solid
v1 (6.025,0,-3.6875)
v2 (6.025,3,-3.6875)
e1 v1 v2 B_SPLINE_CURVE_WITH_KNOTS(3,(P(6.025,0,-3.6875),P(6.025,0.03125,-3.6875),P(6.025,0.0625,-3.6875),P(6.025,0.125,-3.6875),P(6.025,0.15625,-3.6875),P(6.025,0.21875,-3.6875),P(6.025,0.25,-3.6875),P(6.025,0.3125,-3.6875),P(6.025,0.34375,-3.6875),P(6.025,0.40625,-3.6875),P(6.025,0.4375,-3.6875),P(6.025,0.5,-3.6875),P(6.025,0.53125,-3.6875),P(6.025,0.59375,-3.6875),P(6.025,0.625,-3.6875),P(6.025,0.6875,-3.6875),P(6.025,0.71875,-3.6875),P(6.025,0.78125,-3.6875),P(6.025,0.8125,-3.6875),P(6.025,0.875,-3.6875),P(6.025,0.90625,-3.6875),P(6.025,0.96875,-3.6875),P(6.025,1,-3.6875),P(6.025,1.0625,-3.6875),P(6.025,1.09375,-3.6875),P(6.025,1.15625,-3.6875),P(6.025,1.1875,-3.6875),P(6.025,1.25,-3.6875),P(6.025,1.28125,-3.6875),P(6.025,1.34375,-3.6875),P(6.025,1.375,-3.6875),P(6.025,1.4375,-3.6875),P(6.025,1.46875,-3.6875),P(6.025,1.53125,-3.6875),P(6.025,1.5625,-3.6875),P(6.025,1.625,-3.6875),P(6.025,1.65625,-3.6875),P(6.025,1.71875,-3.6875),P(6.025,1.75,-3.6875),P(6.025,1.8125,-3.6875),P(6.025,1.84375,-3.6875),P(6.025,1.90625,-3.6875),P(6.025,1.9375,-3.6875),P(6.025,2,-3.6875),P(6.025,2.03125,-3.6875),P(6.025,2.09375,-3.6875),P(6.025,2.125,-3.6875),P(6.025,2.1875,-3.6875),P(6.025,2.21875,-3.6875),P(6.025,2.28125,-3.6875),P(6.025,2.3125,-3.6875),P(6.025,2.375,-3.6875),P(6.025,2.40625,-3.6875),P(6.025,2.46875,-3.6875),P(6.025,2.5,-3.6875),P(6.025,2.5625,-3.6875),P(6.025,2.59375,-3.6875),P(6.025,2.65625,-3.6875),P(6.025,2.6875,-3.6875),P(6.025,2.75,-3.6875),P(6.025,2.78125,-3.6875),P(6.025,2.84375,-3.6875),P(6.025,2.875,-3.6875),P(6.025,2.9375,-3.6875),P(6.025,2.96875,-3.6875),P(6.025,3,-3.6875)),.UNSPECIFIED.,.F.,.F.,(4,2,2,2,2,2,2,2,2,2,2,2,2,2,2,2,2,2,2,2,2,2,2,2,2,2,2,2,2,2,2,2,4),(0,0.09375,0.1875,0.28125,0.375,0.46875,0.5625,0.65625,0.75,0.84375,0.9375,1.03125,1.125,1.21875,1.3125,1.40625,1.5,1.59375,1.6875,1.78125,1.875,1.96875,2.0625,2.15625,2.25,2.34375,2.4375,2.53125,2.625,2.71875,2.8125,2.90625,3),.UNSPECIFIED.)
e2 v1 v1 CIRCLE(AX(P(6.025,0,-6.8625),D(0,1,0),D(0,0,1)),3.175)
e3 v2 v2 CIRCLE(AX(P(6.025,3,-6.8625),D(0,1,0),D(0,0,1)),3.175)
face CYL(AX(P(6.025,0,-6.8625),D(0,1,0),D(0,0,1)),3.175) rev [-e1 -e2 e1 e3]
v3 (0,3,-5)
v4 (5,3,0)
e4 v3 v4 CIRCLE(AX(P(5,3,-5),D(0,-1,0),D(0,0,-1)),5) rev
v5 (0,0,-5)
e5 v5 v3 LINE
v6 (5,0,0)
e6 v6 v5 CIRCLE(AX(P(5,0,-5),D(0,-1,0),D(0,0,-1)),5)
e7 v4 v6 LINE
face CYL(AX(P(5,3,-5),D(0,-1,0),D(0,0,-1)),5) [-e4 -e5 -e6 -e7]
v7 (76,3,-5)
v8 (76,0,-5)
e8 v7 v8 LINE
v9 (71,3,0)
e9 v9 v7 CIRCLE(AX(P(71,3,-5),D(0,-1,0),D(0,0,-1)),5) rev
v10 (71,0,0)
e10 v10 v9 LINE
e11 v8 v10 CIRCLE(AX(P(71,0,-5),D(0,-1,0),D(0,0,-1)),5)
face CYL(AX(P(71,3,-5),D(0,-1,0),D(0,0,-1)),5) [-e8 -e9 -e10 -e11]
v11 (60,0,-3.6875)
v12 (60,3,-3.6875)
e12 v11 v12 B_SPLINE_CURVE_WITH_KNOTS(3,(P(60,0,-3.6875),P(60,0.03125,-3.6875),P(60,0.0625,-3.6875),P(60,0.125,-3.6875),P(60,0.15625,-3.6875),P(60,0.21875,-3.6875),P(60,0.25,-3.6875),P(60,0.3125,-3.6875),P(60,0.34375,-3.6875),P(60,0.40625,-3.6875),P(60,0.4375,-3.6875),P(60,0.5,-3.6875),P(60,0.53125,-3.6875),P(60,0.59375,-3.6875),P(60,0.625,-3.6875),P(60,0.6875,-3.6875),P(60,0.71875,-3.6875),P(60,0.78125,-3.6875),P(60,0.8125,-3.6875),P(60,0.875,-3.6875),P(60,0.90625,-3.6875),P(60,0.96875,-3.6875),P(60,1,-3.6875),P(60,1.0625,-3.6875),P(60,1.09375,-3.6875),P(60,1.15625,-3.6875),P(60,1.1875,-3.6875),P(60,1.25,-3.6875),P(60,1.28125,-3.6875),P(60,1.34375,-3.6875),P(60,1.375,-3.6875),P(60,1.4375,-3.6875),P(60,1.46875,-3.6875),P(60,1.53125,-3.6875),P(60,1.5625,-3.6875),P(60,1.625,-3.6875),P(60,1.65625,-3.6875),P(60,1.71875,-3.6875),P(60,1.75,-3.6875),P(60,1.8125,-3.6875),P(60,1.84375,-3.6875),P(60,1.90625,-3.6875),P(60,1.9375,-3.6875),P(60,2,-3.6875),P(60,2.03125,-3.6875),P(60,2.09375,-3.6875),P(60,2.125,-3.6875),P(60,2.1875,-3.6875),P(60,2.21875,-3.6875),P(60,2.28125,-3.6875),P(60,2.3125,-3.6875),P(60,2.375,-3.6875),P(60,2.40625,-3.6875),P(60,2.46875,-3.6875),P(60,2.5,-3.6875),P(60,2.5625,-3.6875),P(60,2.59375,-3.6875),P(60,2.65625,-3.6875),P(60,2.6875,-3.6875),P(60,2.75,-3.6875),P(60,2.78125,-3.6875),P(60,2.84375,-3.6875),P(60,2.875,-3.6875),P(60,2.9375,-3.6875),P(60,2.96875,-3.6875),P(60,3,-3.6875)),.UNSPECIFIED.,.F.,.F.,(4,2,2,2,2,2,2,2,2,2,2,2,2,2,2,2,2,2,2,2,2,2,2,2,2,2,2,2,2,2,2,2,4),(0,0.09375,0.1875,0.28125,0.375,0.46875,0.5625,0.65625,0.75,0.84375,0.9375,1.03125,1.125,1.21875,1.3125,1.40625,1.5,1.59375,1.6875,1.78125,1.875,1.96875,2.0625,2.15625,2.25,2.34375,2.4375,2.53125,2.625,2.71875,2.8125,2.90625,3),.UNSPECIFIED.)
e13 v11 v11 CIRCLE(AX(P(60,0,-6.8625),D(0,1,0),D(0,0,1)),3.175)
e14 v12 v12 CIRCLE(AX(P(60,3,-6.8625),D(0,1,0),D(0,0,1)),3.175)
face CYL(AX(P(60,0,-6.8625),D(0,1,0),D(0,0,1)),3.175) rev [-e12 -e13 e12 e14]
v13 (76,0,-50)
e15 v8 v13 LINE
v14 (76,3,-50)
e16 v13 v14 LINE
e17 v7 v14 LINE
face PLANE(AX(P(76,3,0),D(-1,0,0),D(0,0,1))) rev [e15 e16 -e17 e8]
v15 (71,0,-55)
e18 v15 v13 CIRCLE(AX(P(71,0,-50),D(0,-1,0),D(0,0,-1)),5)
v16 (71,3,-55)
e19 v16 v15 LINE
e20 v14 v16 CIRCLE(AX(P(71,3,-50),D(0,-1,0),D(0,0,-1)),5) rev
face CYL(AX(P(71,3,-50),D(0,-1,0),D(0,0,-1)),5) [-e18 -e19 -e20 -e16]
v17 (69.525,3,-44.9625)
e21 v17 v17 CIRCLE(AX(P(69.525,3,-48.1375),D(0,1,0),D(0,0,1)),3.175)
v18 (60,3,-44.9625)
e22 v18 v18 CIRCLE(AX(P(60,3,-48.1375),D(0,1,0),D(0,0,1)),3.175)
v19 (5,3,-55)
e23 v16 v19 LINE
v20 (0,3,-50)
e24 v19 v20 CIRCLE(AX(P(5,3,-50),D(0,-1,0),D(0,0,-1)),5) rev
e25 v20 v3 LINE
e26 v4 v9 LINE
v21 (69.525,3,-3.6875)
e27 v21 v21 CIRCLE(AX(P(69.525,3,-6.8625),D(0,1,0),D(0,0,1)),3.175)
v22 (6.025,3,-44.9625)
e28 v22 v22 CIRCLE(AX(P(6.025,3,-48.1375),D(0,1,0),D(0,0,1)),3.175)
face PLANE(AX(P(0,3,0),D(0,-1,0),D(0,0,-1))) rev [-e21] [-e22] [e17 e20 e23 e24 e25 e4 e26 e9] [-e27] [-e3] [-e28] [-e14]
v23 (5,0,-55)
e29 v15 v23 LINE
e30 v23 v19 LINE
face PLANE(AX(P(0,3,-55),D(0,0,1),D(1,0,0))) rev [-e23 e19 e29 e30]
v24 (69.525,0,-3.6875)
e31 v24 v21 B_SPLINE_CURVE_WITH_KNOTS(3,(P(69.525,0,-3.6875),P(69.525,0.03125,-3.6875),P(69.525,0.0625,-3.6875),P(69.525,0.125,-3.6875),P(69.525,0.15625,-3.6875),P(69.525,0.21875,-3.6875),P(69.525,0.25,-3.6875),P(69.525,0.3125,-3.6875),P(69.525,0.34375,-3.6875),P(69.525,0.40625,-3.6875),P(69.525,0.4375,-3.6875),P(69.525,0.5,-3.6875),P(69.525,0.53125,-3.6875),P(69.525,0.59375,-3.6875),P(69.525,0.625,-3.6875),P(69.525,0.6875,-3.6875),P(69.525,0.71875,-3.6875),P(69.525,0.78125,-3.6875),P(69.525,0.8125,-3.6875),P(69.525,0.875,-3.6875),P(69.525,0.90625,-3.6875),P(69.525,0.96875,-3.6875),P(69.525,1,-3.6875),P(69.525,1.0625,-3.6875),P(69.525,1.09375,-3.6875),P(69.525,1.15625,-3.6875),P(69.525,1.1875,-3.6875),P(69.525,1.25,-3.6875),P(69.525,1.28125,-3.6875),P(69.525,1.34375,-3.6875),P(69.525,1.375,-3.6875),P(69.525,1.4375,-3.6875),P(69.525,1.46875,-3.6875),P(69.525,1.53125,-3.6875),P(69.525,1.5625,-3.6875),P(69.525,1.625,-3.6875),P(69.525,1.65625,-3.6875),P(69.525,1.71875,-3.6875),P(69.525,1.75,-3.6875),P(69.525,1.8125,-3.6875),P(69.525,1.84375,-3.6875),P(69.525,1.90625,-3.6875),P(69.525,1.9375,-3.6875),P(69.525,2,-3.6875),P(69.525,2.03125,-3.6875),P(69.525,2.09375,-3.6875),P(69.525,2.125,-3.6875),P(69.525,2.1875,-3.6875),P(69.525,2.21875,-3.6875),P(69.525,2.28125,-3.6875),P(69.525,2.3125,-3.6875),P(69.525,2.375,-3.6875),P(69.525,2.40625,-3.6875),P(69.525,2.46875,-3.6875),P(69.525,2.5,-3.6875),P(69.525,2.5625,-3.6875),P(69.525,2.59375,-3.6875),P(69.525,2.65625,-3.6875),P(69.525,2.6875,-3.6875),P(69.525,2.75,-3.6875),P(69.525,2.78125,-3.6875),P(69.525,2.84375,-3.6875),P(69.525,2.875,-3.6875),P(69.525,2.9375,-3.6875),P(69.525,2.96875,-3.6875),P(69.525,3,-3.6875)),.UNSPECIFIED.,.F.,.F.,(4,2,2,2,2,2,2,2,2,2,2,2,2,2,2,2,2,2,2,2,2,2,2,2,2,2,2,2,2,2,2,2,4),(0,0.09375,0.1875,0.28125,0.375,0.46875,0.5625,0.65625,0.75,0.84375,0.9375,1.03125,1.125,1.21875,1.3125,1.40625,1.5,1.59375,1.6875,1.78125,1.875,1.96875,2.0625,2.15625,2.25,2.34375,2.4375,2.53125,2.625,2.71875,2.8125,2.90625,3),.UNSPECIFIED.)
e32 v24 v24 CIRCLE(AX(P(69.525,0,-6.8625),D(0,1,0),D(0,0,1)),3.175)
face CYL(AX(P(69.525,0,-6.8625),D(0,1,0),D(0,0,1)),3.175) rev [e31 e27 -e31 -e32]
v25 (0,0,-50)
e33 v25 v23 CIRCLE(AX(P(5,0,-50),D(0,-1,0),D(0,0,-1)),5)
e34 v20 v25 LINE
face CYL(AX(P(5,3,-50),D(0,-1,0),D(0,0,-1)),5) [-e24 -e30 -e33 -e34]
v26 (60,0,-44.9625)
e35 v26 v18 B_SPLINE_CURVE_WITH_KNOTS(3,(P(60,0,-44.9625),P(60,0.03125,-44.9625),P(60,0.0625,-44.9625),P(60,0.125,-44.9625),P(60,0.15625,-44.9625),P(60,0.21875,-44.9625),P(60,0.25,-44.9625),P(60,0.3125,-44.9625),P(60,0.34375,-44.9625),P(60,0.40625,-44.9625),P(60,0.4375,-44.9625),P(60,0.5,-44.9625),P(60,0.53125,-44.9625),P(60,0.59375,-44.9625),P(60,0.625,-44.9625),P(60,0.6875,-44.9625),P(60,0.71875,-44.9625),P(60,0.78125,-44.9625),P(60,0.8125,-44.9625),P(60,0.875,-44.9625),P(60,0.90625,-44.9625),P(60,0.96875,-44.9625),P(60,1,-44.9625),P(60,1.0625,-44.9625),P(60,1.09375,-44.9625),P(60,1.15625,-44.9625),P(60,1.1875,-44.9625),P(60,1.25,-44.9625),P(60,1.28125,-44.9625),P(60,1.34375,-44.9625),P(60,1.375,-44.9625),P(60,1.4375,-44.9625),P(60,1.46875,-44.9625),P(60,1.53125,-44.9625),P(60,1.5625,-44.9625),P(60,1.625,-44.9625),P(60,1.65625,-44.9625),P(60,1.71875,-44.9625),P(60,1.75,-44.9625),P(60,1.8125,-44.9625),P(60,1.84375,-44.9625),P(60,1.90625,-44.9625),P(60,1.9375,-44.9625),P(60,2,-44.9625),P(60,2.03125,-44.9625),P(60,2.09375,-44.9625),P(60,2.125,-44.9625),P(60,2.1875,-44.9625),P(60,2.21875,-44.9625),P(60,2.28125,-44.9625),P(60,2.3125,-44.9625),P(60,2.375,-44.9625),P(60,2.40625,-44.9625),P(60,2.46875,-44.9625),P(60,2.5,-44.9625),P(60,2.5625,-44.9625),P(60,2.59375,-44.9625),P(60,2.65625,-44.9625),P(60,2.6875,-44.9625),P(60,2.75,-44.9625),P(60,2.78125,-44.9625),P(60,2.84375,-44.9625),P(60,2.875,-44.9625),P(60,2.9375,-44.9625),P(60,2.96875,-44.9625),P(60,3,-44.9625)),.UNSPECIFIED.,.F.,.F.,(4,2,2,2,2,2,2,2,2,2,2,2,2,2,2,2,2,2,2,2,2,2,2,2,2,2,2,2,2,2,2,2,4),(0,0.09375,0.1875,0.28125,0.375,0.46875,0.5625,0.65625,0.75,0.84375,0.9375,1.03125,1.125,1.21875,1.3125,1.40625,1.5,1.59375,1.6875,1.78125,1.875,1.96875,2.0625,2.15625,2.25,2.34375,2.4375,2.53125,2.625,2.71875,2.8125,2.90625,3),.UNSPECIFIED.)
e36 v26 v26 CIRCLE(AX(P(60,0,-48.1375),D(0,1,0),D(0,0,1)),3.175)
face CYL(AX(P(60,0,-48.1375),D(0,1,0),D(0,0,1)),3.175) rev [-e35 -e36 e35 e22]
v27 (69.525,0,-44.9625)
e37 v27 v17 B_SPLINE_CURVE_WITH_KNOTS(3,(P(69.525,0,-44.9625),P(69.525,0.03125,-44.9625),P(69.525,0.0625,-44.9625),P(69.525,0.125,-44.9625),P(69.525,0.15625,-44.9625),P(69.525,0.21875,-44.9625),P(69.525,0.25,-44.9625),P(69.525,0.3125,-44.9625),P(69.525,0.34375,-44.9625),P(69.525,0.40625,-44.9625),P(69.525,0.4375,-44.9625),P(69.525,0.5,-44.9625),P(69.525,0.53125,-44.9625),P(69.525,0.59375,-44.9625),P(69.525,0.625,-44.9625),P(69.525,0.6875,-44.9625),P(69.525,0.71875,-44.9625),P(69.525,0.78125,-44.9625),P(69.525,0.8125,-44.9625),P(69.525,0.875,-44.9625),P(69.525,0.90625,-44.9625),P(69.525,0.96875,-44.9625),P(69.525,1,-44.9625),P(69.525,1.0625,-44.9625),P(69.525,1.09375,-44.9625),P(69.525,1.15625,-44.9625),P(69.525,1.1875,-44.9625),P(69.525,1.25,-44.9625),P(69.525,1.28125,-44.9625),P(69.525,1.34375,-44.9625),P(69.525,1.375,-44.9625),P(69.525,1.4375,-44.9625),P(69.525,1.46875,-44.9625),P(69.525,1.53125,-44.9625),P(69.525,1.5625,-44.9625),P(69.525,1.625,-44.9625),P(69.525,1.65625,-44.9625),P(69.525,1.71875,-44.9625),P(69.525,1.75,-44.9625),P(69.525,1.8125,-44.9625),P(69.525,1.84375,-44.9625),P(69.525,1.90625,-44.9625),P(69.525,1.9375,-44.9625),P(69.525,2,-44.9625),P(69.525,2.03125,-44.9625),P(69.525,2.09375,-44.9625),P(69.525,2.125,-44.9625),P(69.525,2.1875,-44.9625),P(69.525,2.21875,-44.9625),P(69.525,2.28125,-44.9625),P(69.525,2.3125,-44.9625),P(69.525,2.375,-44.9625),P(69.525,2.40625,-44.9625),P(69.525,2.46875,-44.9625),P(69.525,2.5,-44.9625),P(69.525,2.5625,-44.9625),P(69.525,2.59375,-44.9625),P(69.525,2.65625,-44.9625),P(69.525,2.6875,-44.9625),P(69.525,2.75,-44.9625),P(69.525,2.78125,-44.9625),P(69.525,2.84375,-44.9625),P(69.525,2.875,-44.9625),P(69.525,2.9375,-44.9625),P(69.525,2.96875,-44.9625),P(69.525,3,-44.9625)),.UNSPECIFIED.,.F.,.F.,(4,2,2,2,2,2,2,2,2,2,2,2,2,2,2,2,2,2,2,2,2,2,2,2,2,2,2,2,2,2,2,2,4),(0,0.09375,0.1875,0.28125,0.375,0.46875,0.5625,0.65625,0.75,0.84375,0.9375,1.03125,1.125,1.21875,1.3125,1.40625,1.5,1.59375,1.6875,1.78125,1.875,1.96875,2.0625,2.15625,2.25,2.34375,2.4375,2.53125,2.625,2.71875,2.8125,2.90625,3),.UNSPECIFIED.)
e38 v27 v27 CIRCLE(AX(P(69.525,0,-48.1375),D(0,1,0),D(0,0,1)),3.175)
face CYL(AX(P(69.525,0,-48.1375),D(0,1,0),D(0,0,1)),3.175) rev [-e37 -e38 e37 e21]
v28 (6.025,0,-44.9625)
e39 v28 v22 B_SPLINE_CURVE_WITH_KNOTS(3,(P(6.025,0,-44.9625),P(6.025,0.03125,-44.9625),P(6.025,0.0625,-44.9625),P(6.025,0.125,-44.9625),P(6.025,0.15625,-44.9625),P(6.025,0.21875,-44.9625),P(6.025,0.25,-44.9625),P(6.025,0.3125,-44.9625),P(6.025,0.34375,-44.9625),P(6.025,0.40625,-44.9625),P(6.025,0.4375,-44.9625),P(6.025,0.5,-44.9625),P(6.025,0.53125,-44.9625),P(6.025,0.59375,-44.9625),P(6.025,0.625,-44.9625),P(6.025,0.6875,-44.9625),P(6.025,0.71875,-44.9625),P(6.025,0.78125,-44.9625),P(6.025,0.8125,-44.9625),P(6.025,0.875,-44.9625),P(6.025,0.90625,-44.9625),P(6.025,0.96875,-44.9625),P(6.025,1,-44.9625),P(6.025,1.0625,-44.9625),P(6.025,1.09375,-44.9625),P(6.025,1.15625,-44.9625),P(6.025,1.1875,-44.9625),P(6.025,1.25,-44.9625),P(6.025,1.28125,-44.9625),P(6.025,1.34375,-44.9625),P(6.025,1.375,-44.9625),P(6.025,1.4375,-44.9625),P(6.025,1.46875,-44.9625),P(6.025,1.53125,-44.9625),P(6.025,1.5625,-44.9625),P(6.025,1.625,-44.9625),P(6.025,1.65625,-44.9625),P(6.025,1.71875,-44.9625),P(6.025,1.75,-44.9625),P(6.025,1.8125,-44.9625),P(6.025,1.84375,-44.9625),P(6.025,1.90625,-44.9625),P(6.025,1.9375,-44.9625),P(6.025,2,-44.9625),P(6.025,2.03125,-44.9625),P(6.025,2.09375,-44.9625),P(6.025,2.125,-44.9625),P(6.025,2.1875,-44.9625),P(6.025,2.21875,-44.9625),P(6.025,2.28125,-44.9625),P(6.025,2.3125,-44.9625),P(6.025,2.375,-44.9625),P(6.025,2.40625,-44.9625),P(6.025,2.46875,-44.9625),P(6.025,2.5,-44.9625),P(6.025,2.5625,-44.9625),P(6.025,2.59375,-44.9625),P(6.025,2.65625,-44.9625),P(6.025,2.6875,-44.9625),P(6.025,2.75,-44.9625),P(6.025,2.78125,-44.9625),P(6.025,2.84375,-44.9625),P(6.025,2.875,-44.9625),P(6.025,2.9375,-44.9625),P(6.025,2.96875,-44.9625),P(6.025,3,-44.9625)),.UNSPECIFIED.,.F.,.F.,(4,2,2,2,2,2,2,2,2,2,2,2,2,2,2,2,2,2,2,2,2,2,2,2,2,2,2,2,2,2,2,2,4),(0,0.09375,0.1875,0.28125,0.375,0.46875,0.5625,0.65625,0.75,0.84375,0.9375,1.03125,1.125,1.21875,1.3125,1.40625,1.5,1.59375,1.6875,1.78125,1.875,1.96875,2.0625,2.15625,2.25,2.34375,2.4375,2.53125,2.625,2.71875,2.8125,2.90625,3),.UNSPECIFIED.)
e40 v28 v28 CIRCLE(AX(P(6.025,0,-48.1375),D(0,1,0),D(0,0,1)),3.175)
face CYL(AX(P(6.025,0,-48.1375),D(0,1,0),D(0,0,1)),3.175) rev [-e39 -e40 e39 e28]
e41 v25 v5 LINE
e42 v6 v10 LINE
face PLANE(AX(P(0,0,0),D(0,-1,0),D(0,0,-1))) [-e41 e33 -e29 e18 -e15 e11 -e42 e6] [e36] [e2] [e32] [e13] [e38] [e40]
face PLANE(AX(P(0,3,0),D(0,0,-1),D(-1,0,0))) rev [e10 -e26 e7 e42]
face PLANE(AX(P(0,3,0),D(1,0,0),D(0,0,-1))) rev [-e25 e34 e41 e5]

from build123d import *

# Parameters (mm, degrees)
SKETCH1_W           = 76
SKETCH1_H           = 55
BOSS_EXTRUDE1_DEPTH = 3
FILLET2_R           = 5
SKETCH2_R           = 3.175
CUT_EXTRUDE1_DEPTH  = 94.861600242


with BuildPart() as part:
    # Sketch1 → Boss-Extrude1 (new body)
    with BuildSketch(Plane(origin=(0, 0, 0), x_dir=(1, 0, 0), z_dir=(0, 1, 0))):
        with Locations((38, 27.5)):
            Rectangle(SKETCH1_W, SKETCH1_H)
    extrude(amount=BOSS_EXTRUDE1_DEPTH)

    # Fillet2
    fillet2_edges = [part.edges().sort_by_distance(p)[0] for p in [
        (0, 1.5, -55),
        (76, 1.5, -55),
        (76, 1.5, 0),
        (0, 1.5, 0),
    ]]
    fillet(fillet2_edges, radius=FILLET2_R)

    # Sketch2 → Cut-Extrude1 (cut, through all)
    with BuildSketch(Plane(origin=(0, 3, 0), x_dir=(1, 0, 0), z_dir=(0, 1, 0))):
        with Locations(Location((6.025, 48.1375, 0), (0, 0, 270))):
            Circle(SKETCH2_R)
        with Locations(Location((60, 48.1375, 0), (0, 0, 270))):
            Circle(SKETCH2_R)
        with Locations(Location((69.525, 48.1375, 0), (0, 0, 270))):
            Circle(SKETCH2_R)
        with Locations(Location((69.525, 6.8625, 0), (0, 0, 270))):
            Circle(SKETCH2_R)
        with Locations(Location((60, 6.8625, 0), (0, 0, 270))):
            Circle(SKETCH2_R)
        with Locations(Location((6.025, 6.8625, 0), (0, 0, 270))):
            Circle(SKETCH2_R)
    extrude(amount=-CUT_EXTRUDE1_DEPTH, mode=Mode.SUBTRACT)


solid = part.part
